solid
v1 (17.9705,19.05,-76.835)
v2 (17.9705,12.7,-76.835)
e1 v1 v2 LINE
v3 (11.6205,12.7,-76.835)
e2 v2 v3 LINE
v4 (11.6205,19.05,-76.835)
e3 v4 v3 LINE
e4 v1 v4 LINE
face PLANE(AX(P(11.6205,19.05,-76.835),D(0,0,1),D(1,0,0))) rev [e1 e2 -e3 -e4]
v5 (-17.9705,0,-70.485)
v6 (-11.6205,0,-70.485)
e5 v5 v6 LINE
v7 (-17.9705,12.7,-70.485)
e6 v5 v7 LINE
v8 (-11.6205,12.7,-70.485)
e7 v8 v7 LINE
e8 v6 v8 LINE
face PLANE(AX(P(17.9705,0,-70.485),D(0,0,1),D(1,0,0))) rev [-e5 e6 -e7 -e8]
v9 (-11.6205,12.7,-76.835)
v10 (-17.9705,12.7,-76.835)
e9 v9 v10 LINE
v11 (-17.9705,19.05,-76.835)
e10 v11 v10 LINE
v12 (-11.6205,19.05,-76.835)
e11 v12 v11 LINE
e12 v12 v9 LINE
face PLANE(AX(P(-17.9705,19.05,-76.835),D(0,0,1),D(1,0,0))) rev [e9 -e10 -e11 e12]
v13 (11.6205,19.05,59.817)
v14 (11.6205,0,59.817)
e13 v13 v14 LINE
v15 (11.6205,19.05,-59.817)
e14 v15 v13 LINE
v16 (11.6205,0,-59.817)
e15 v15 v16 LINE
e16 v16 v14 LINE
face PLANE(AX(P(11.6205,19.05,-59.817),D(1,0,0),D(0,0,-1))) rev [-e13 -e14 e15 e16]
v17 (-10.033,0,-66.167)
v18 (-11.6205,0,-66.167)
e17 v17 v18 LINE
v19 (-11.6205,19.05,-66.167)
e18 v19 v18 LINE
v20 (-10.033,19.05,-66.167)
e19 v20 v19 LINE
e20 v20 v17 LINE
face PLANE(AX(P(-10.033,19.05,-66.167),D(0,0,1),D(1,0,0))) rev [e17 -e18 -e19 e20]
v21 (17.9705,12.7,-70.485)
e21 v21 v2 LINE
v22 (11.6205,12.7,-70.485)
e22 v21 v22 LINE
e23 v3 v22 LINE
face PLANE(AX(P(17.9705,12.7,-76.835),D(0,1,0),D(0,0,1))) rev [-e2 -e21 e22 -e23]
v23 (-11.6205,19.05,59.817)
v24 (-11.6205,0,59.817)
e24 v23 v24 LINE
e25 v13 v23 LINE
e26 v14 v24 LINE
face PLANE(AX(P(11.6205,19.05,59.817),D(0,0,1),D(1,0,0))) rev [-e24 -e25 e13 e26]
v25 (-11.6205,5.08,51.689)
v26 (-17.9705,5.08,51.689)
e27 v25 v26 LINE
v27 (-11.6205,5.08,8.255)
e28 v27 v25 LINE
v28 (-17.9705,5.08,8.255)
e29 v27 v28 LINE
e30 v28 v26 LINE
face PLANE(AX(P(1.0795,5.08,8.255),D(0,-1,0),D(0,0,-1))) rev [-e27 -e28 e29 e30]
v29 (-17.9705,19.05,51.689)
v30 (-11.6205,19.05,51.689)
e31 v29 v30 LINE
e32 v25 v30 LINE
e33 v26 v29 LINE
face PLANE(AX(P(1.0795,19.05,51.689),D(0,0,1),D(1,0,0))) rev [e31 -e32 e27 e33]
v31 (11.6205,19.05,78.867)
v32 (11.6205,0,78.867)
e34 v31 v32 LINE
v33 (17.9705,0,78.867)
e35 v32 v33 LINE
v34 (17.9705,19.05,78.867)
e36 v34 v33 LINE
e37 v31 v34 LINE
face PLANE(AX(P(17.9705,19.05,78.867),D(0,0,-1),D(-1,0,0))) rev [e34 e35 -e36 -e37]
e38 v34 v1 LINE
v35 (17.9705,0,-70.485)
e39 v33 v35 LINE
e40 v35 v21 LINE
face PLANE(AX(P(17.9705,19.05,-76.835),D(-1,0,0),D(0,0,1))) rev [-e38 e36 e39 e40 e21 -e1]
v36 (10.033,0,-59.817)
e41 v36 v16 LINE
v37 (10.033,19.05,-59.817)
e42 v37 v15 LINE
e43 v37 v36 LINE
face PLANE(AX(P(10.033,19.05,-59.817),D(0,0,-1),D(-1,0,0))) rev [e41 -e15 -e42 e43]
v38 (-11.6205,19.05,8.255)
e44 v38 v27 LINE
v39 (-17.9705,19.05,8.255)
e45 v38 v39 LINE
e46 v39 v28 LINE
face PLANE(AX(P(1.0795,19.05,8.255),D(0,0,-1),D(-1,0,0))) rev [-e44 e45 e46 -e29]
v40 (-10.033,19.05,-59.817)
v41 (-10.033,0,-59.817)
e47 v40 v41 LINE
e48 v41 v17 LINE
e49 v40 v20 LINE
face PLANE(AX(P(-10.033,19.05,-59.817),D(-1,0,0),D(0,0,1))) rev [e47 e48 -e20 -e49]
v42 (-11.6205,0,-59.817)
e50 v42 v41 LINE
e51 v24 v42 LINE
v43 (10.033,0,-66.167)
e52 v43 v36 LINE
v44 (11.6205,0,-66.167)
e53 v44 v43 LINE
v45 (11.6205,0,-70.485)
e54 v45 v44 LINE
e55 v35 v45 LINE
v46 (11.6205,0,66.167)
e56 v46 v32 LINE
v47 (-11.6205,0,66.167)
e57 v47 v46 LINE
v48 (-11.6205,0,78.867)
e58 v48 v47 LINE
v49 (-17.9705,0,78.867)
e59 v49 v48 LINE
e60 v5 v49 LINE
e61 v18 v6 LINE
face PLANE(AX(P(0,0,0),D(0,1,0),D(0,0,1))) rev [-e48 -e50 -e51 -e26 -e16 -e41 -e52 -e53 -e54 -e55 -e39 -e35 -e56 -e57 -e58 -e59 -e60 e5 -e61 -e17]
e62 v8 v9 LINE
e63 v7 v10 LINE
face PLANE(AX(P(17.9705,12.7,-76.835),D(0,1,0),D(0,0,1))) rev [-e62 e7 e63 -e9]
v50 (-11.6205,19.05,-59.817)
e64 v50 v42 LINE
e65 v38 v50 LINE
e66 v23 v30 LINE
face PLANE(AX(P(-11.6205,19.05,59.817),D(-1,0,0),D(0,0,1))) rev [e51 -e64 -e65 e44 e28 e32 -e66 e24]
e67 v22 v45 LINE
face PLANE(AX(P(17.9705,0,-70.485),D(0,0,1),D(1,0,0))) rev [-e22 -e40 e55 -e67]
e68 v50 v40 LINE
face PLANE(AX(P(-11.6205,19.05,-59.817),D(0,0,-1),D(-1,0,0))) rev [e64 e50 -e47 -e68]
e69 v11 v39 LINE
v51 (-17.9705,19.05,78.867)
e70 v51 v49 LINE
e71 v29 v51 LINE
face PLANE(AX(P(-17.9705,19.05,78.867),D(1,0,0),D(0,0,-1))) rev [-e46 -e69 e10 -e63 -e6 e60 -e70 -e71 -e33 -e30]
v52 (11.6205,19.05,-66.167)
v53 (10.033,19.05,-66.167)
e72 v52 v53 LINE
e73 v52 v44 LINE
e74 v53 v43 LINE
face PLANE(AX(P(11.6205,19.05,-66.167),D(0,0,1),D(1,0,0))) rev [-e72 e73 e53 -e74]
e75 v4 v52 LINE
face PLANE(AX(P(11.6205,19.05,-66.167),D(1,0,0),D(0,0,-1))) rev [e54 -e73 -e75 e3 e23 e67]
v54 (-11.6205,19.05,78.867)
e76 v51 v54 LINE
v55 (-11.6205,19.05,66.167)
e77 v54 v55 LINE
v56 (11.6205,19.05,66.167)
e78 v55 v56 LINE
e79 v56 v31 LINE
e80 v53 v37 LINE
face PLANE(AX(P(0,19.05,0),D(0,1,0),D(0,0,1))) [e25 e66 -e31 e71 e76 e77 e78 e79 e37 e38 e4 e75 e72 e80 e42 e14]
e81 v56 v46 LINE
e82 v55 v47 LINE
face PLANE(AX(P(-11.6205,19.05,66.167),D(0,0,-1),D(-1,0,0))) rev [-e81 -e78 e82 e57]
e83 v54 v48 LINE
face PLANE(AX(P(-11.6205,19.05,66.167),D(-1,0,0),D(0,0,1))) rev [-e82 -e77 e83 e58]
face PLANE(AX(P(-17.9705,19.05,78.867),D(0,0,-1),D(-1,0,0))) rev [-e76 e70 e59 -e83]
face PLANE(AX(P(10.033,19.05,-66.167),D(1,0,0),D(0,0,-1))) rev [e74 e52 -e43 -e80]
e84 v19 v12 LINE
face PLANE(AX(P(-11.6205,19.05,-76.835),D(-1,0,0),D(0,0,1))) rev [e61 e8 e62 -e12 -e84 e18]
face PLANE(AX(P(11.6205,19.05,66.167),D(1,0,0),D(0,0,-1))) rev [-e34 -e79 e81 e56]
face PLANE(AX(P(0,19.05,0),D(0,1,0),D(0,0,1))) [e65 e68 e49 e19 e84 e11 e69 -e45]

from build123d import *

# Parameters (mm, degrees)
BOSS_EXTRUDE1_DEPTH = 19.05
SKETCH2_W           = 43.434
SKETCH2_H           = 13.97
MOTOR_HOLE_DEPTH    = 19.05
SKETCH3_W           = 6.35
SKETCH3_H           = 12.7
CUT_EXTRUDE2_DEPTH  = 36.941


with BuildPart() as part:
    # Sketch1 → Boss-Extrude1 (new body)
    with BuildSketch(Plane(origin=(0, 0, 0), x_dir=(1, 0, 0), z_dir=(0, 1, 0))):
        Polygon((-10.033, 66.167), (-11.6205, 66.167), (-11.6205, 76.835), (-17.9705, 76.835), (-17.9705, -78.867), (-11.6205, -78.867), (-11.6205, -66.167), (11.6205, -66.167), (11.6205, -78.867), (17.9705, -78.867), (17.9705, 76.835), (11.6205, 76.835), (11.6205, 66.167), (10.033, 66.167), (10.033, 59.817), (11.6205, 59.817), (11.6205, -59.817), (-11.6205, -59.817), (-11.6205, 59.817), (-10.033, 59.817), align=None)
    extrude(amount=BOSS_EXTRUDE1_DEPTH)

    # Sketch2 → Motor Hole (cut)
    with BuildSketch(Plane.ZY.offset(17.9705)):
        with Locations((29.972, 12.065)):
            Rectangle(SKETCH2_W, SKETCH2_H)
    extrude(amount=-MOTOR_HOLE_DEPTH, mode=Mode.SUBTRACT)

    # Sketch3 → Cut-Extrude2 (cut, through all)
    with BuildSketch(Plane.ZY.offset(17.9705)):
        with Locations((-73.66, 6.35)):
            Rectangle(SKETCH3_W, SKETCH3_H)
    extrude(amount=-CUT_EXTRUDE2_DEPTH, mode=Mode.SUBTRACT)


solid = part.part
